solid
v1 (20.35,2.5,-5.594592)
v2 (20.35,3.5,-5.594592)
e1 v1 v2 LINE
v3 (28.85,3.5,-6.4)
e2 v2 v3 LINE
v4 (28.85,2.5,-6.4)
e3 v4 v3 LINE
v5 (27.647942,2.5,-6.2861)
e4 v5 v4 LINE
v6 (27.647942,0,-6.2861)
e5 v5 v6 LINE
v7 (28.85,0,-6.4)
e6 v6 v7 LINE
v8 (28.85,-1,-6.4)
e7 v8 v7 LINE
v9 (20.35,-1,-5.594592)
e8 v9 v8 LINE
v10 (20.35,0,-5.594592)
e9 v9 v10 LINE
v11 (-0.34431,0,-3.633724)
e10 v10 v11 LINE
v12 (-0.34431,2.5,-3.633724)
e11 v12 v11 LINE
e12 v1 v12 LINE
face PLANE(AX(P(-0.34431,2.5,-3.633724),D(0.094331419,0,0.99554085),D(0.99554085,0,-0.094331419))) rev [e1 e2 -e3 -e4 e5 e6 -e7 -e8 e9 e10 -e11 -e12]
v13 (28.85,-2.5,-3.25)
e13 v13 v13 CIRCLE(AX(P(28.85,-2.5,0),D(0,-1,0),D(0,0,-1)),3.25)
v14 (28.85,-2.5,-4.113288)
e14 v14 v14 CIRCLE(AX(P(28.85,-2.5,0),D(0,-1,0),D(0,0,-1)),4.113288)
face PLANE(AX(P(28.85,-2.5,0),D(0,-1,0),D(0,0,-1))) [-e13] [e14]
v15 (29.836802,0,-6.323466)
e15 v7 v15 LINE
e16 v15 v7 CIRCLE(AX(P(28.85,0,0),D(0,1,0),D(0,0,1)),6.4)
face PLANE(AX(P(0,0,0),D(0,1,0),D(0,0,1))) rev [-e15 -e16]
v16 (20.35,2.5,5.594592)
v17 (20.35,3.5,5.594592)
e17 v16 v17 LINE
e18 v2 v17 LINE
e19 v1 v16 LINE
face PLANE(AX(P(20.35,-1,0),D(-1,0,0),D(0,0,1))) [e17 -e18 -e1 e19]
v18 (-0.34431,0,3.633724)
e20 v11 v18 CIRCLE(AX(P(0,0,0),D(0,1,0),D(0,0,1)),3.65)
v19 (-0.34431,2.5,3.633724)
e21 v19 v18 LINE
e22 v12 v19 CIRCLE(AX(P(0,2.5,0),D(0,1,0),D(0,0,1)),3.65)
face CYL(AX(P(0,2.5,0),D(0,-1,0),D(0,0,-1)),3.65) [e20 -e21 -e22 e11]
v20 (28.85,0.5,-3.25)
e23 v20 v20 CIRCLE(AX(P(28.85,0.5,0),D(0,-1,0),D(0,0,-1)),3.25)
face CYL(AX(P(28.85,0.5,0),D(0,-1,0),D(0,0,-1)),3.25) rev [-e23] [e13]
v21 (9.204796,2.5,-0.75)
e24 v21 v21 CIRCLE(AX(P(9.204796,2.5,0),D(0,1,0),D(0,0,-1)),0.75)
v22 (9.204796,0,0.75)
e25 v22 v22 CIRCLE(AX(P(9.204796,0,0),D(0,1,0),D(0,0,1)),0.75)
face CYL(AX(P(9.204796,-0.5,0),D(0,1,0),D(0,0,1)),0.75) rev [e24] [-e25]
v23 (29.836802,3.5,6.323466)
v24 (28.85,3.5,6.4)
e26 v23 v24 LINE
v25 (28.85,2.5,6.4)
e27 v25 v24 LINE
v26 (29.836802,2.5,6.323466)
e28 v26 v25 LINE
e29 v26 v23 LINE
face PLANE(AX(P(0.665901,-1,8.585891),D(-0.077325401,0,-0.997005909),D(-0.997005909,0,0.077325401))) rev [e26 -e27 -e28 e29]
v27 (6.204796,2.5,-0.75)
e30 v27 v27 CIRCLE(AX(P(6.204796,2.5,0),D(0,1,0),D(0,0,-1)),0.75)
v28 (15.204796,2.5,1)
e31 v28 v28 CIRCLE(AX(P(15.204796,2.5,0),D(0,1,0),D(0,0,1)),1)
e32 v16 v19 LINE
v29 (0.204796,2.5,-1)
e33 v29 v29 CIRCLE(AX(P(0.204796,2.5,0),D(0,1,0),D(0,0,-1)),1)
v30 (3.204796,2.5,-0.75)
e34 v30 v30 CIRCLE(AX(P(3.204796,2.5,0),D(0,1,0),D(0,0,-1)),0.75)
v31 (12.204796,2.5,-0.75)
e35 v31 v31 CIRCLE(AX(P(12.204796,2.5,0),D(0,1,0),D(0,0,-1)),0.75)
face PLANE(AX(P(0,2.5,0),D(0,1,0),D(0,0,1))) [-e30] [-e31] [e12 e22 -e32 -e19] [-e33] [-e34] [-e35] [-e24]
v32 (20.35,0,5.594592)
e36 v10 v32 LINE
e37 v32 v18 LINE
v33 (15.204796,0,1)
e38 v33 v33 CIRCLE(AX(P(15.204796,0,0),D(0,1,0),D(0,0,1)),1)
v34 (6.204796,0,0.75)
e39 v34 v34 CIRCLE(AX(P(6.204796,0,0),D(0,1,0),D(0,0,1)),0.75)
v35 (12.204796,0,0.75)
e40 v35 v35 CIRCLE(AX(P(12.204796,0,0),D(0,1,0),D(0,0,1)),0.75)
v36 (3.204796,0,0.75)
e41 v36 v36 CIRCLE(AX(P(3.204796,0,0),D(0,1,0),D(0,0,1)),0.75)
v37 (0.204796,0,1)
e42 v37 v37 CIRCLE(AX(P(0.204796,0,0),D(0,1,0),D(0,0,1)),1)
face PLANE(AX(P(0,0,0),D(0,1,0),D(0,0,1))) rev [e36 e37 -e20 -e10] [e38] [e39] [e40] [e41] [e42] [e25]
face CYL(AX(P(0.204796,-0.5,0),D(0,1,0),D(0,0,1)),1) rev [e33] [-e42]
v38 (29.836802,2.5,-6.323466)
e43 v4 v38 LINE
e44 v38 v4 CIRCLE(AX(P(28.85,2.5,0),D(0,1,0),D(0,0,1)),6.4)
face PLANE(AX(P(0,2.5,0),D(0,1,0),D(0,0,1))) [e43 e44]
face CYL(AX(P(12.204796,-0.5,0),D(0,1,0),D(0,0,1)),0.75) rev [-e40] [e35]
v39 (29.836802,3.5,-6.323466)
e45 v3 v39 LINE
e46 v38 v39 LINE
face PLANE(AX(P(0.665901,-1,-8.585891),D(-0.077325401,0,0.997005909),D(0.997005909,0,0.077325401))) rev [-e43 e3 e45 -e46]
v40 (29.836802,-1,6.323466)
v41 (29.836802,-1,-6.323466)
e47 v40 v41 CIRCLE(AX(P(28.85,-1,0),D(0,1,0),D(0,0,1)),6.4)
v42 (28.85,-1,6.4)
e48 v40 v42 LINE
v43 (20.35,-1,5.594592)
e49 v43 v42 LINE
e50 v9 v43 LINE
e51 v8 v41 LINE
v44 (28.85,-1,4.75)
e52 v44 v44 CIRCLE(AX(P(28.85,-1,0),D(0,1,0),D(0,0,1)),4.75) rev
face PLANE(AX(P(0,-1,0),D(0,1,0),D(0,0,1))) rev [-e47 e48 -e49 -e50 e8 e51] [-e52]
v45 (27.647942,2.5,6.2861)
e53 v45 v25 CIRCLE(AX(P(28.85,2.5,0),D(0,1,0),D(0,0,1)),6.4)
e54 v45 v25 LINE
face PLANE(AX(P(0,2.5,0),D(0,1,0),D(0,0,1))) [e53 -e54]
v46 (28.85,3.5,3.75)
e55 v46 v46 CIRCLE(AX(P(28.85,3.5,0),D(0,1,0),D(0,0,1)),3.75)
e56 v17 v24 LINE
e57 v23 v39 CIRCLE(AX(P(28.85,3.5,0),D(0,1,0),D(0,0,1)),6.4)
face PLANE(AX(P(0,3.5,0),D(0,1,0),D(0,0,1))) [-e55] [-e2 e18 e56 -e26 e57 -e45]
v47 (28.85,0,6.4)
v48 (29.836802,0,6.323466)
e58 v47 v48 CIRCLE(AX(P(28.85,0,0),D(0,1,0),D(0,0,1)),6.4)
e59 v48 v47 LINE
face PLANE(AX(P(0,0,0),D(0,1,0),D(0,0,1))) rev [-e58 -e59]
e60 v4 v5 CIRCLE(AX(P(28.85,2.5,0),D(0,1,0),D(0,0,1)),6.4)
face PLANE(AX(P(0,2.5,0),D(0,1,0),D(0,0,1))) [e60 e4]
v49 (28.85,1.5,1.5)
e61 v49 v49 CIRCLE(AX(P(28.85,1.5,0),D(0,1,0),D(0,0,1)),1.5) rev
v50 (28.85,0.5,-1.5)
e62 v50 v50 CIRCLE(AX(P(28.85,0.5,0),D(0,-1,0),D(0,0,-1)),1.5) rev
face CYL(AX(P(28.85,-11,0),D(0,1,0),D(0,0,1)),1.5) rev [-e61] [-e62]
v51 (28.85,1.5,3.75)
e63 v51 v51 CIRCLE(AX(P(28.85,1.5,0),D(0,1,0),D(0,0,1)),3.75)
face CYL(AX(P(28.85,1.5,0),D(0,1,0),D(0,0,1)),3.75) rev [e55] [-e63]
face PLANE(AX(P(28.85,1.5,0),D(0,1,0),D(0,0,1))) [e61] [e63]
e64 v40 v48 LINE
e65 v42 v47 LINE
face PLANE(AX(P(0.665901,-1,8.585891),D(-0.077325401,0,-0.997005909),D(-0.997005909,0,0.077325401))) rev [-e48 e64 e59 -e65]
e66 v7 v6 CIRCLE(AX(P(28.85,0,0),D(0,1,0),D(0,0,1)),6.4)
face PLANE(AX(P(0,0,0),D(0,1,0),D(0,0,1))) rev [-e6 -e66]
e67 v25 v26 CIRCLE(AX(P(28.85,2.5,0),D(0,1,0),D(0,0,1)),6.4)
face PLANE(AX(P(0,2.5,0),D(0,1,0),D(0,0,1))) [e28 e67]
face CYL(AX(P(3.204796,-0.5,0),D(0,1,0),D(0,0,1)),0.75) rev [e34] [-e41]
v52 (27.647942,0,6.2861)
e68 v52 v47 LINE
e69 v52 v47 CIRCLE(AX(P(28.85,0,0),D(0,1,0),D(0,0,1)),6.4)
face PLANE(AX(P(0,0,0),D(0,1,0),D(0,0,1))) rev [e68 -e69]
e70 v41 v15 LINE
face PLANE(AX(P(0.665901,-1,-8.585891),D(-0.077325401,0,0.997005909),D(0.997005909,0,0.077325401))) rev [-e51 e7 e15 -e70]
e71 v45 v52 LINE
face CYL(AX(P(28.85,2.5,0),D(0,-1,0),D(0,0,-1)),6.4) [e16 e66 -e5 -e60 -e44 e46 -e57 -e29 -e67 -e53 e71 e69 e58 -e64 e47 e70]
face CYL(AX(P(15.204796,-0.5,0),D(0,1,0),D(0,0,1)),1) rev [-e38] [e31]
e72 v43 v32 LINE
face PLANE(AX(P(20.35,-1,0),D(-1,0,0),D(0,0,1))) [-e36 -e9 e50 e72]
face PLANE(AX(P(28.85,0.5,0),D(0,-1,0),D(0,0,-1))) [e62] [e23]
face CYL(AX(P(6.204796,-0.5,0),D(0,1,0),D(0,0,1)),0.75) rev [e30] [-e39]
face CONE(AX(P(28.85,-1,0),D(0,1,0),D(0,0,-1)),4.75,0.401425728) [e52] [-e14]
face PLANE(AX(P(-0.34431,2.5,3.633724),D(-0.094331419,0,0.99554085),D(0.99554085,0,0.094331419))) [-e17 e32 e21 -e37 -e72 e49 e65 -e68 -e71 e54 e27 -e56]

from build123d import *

# Parameters (mm, degrees)
EXTRUDE_1_DEPTH      = 2.5
EXTRUDE_2_DEPTH      = 1
EXTRUDE_2_DEPTH_BACK = 3.5
SKETCH_4_R           = 1.5
CUT_EXTRUDE_1_DEPTH  = 14.5
SKETCH_7_R           = 1
SKETCH_7_R_2         = 0.75
CUT_EXTRUDE_4_DEPTH  = 3
SKETCH_8_R           = 4.75
EXTRUDE_3_DEPTH      = 1.5
EXTRUDE_3_TAPER      = 23
SKETCH_9_R           = 3.25
CUT_EXTRUDE_5_DEPTH  = 3
SKETCH_10_R          = 3.75
CUT_EXTRUDE_6_DEPTH  = 2


with BuildPart() as part:
    # ｽｹｯﾁ1 → ﾎﾞｽ - 押し出し1 (new body)
    with BuildSketch(Plane(origin=(0, 0, 0), x_dir=(1, 0, 0), z_dir=(0, 1, 0))):
        with BuildLine():
            Line((27.647942003, 6.286100267), (-0.344309679, 3.633724101))
            ThreePointArc((-0.344309679, 3.633724101), (-3.65, 0), (-0.344309679, -3.633724101))
            Line((-0.344309679, -3.633724101), (27.647942003, -6.286100267))
            ThreePointArc((27.647942003, -6.286100267), (35.25, 0), (27.647942003, 6.286100267))
        make_face()
    extrude(amount=EXTRUDE_1_DEPTH)

    # ｽｹｯﾁ2 → ﾎﾞｽ - 押し出し2 (add, two sides)
    with BuildSketch(Plane(origin=(0, 2.5, 0), x_dir=(1, 0, 0), z_dir=(0, 1, 0))) as extrude_2_sk:
        with BuildLine():
            Line((27.647942003, 6.286100267), (20.35, 5.594591501))
            Line((20.35, 5.594591501), (20.35, -5.594591501))
            Line((20.35, -5.594591501), (27.647942003, -6.286100267))
            Line((27.647942003, -6.286100267), (28.85, -6.4))
            Line((28.85, -6.4), (29.836801685, -6.323466014))
            ThreePointArc((29.836801685, -6.323466014), (35.25, 0), (29.836801685, 6.323466014))
            Line((29.836801685, 6.323466014), (28.85, 6.4))
            Line((28.85, 6.4), (27.647942003, 6.286100267))
        make_face()
    extrude(amount=EXTRUDE_2_DEPTH)
    extrude(extrude_2_sk.sketch, amount=-EXTRUDE_2_DEPTH_BACK)

    # ｽｹｯﾁ4 → ｶｯﾄ - 押し出し1 (cut)
    with BuildSketch(Plane(origin=(0, 3.5, 0), x_dir=(1, 0, 0), z_dir=(0, 1, 0))):
        with Locations(Location((28.85, 0, 0), (0, 0, 270))):
            Circle(SKETCH_4_R)
    extrude(amount=-CUT_EXTRUDE_1_DEPTH, mode=Mode.SUBTRACT)

    # ｽｹｯﾁ7 → ｶｯﾄ - 押し出し4 (cut)
    with BuildSketch(Plane(origin=(0, 2.5, 0), x_dir=(1, 0, 0), z_dir=(0, 1, 0))):
        with Locations((57.7, 0)):
            Circle(SKETCH_7_R)
        with Locations(Location((15.204795613, 0, 0), (0, 0, 270))):
            Circle(SKETCH_7_R)
        with Locations((54.7, 0)):
            Circle(SKETCH_7_R)
        with Locations((51.7, 0)):
            Circle(SKETCH_7_R)
        with Locations((48.7, 0)):
            Circle(SKETCH_7_R)
        with Locations((45.7, 0)):
            Circle(SKETCH_7_R)
        with Locations(Location((12.204795613, 0, 0), (0, 0, 270))):
            Circle(SKETCH_7_R_2)
        with Locations(Location((9.204795613, 0, 0), (0, 0, 270))):
            Circle(SKETCH_7_R_2)
        with Locations(Location((6.204795613, 0, 0), (0, 0, 270))):
            Circle(SKETCH_7_R_2)
        with Locations(Location((3.204795613, 0, 0), (0, 0, 270))):
            Circle(SKETCH_7_R_2)
        with Locations(Location((0.204795613, 0, 0), (0, 0, 270))):
            Circle(SKETCH_7_R)
    extrude(amount=-CUT_EXTRUDE_4_DEPTH, mode=Mode.SUBTRACT)

    # ｽｹｯﾁ8 → ﾎﾞｽ - 押し出し3 (add)
    with BuildSketch(Plane(origin=(0, -1, 0), x_dir=(-1, 0, 0), z_dir=(0, -1, 0))):
        with Locations((-28.85, 0)):
            Circle(SKETCH_8_R)
    extrude(amount=EXTRUDE_3_DEPTH, taper=EXTRUDE_3_TAPER)

    # ｽｹｯﾁ9 → ｶｯﾄ - 押し出し5 (cut)
    with BuildSketch(Plane(origin=(0, -2.5, 0), x_dir=(-1, 0, 0), z_dir=(0, -1, 0))):
        with Locations(Location((-28.85, 0, 0), (0, 0, 90))):
            Circle(SKETCH_9_R)
    extrude(amount=-CUT_EXTRUDE_5_DEPTH, mode=Mode.SUBTRACT)

    # ｽｹｯﾁ10 → ｶｯﾄ - 押し出し6 (cut)
    with BuildSketch(Plane(origin=(0, 3.5, 0), x_dir=(1, 0, 0), z_dir=(0, 1, 0))):
        with Locations(Location((28.85, 0, 0), (0, 0, 270))):
            Circle(SKETCH_10_R)
    extrude(amount=-CUT_EXTRUDE_6_DEPTH, mode=Mode.SUBTRACT)


solid = part.part
